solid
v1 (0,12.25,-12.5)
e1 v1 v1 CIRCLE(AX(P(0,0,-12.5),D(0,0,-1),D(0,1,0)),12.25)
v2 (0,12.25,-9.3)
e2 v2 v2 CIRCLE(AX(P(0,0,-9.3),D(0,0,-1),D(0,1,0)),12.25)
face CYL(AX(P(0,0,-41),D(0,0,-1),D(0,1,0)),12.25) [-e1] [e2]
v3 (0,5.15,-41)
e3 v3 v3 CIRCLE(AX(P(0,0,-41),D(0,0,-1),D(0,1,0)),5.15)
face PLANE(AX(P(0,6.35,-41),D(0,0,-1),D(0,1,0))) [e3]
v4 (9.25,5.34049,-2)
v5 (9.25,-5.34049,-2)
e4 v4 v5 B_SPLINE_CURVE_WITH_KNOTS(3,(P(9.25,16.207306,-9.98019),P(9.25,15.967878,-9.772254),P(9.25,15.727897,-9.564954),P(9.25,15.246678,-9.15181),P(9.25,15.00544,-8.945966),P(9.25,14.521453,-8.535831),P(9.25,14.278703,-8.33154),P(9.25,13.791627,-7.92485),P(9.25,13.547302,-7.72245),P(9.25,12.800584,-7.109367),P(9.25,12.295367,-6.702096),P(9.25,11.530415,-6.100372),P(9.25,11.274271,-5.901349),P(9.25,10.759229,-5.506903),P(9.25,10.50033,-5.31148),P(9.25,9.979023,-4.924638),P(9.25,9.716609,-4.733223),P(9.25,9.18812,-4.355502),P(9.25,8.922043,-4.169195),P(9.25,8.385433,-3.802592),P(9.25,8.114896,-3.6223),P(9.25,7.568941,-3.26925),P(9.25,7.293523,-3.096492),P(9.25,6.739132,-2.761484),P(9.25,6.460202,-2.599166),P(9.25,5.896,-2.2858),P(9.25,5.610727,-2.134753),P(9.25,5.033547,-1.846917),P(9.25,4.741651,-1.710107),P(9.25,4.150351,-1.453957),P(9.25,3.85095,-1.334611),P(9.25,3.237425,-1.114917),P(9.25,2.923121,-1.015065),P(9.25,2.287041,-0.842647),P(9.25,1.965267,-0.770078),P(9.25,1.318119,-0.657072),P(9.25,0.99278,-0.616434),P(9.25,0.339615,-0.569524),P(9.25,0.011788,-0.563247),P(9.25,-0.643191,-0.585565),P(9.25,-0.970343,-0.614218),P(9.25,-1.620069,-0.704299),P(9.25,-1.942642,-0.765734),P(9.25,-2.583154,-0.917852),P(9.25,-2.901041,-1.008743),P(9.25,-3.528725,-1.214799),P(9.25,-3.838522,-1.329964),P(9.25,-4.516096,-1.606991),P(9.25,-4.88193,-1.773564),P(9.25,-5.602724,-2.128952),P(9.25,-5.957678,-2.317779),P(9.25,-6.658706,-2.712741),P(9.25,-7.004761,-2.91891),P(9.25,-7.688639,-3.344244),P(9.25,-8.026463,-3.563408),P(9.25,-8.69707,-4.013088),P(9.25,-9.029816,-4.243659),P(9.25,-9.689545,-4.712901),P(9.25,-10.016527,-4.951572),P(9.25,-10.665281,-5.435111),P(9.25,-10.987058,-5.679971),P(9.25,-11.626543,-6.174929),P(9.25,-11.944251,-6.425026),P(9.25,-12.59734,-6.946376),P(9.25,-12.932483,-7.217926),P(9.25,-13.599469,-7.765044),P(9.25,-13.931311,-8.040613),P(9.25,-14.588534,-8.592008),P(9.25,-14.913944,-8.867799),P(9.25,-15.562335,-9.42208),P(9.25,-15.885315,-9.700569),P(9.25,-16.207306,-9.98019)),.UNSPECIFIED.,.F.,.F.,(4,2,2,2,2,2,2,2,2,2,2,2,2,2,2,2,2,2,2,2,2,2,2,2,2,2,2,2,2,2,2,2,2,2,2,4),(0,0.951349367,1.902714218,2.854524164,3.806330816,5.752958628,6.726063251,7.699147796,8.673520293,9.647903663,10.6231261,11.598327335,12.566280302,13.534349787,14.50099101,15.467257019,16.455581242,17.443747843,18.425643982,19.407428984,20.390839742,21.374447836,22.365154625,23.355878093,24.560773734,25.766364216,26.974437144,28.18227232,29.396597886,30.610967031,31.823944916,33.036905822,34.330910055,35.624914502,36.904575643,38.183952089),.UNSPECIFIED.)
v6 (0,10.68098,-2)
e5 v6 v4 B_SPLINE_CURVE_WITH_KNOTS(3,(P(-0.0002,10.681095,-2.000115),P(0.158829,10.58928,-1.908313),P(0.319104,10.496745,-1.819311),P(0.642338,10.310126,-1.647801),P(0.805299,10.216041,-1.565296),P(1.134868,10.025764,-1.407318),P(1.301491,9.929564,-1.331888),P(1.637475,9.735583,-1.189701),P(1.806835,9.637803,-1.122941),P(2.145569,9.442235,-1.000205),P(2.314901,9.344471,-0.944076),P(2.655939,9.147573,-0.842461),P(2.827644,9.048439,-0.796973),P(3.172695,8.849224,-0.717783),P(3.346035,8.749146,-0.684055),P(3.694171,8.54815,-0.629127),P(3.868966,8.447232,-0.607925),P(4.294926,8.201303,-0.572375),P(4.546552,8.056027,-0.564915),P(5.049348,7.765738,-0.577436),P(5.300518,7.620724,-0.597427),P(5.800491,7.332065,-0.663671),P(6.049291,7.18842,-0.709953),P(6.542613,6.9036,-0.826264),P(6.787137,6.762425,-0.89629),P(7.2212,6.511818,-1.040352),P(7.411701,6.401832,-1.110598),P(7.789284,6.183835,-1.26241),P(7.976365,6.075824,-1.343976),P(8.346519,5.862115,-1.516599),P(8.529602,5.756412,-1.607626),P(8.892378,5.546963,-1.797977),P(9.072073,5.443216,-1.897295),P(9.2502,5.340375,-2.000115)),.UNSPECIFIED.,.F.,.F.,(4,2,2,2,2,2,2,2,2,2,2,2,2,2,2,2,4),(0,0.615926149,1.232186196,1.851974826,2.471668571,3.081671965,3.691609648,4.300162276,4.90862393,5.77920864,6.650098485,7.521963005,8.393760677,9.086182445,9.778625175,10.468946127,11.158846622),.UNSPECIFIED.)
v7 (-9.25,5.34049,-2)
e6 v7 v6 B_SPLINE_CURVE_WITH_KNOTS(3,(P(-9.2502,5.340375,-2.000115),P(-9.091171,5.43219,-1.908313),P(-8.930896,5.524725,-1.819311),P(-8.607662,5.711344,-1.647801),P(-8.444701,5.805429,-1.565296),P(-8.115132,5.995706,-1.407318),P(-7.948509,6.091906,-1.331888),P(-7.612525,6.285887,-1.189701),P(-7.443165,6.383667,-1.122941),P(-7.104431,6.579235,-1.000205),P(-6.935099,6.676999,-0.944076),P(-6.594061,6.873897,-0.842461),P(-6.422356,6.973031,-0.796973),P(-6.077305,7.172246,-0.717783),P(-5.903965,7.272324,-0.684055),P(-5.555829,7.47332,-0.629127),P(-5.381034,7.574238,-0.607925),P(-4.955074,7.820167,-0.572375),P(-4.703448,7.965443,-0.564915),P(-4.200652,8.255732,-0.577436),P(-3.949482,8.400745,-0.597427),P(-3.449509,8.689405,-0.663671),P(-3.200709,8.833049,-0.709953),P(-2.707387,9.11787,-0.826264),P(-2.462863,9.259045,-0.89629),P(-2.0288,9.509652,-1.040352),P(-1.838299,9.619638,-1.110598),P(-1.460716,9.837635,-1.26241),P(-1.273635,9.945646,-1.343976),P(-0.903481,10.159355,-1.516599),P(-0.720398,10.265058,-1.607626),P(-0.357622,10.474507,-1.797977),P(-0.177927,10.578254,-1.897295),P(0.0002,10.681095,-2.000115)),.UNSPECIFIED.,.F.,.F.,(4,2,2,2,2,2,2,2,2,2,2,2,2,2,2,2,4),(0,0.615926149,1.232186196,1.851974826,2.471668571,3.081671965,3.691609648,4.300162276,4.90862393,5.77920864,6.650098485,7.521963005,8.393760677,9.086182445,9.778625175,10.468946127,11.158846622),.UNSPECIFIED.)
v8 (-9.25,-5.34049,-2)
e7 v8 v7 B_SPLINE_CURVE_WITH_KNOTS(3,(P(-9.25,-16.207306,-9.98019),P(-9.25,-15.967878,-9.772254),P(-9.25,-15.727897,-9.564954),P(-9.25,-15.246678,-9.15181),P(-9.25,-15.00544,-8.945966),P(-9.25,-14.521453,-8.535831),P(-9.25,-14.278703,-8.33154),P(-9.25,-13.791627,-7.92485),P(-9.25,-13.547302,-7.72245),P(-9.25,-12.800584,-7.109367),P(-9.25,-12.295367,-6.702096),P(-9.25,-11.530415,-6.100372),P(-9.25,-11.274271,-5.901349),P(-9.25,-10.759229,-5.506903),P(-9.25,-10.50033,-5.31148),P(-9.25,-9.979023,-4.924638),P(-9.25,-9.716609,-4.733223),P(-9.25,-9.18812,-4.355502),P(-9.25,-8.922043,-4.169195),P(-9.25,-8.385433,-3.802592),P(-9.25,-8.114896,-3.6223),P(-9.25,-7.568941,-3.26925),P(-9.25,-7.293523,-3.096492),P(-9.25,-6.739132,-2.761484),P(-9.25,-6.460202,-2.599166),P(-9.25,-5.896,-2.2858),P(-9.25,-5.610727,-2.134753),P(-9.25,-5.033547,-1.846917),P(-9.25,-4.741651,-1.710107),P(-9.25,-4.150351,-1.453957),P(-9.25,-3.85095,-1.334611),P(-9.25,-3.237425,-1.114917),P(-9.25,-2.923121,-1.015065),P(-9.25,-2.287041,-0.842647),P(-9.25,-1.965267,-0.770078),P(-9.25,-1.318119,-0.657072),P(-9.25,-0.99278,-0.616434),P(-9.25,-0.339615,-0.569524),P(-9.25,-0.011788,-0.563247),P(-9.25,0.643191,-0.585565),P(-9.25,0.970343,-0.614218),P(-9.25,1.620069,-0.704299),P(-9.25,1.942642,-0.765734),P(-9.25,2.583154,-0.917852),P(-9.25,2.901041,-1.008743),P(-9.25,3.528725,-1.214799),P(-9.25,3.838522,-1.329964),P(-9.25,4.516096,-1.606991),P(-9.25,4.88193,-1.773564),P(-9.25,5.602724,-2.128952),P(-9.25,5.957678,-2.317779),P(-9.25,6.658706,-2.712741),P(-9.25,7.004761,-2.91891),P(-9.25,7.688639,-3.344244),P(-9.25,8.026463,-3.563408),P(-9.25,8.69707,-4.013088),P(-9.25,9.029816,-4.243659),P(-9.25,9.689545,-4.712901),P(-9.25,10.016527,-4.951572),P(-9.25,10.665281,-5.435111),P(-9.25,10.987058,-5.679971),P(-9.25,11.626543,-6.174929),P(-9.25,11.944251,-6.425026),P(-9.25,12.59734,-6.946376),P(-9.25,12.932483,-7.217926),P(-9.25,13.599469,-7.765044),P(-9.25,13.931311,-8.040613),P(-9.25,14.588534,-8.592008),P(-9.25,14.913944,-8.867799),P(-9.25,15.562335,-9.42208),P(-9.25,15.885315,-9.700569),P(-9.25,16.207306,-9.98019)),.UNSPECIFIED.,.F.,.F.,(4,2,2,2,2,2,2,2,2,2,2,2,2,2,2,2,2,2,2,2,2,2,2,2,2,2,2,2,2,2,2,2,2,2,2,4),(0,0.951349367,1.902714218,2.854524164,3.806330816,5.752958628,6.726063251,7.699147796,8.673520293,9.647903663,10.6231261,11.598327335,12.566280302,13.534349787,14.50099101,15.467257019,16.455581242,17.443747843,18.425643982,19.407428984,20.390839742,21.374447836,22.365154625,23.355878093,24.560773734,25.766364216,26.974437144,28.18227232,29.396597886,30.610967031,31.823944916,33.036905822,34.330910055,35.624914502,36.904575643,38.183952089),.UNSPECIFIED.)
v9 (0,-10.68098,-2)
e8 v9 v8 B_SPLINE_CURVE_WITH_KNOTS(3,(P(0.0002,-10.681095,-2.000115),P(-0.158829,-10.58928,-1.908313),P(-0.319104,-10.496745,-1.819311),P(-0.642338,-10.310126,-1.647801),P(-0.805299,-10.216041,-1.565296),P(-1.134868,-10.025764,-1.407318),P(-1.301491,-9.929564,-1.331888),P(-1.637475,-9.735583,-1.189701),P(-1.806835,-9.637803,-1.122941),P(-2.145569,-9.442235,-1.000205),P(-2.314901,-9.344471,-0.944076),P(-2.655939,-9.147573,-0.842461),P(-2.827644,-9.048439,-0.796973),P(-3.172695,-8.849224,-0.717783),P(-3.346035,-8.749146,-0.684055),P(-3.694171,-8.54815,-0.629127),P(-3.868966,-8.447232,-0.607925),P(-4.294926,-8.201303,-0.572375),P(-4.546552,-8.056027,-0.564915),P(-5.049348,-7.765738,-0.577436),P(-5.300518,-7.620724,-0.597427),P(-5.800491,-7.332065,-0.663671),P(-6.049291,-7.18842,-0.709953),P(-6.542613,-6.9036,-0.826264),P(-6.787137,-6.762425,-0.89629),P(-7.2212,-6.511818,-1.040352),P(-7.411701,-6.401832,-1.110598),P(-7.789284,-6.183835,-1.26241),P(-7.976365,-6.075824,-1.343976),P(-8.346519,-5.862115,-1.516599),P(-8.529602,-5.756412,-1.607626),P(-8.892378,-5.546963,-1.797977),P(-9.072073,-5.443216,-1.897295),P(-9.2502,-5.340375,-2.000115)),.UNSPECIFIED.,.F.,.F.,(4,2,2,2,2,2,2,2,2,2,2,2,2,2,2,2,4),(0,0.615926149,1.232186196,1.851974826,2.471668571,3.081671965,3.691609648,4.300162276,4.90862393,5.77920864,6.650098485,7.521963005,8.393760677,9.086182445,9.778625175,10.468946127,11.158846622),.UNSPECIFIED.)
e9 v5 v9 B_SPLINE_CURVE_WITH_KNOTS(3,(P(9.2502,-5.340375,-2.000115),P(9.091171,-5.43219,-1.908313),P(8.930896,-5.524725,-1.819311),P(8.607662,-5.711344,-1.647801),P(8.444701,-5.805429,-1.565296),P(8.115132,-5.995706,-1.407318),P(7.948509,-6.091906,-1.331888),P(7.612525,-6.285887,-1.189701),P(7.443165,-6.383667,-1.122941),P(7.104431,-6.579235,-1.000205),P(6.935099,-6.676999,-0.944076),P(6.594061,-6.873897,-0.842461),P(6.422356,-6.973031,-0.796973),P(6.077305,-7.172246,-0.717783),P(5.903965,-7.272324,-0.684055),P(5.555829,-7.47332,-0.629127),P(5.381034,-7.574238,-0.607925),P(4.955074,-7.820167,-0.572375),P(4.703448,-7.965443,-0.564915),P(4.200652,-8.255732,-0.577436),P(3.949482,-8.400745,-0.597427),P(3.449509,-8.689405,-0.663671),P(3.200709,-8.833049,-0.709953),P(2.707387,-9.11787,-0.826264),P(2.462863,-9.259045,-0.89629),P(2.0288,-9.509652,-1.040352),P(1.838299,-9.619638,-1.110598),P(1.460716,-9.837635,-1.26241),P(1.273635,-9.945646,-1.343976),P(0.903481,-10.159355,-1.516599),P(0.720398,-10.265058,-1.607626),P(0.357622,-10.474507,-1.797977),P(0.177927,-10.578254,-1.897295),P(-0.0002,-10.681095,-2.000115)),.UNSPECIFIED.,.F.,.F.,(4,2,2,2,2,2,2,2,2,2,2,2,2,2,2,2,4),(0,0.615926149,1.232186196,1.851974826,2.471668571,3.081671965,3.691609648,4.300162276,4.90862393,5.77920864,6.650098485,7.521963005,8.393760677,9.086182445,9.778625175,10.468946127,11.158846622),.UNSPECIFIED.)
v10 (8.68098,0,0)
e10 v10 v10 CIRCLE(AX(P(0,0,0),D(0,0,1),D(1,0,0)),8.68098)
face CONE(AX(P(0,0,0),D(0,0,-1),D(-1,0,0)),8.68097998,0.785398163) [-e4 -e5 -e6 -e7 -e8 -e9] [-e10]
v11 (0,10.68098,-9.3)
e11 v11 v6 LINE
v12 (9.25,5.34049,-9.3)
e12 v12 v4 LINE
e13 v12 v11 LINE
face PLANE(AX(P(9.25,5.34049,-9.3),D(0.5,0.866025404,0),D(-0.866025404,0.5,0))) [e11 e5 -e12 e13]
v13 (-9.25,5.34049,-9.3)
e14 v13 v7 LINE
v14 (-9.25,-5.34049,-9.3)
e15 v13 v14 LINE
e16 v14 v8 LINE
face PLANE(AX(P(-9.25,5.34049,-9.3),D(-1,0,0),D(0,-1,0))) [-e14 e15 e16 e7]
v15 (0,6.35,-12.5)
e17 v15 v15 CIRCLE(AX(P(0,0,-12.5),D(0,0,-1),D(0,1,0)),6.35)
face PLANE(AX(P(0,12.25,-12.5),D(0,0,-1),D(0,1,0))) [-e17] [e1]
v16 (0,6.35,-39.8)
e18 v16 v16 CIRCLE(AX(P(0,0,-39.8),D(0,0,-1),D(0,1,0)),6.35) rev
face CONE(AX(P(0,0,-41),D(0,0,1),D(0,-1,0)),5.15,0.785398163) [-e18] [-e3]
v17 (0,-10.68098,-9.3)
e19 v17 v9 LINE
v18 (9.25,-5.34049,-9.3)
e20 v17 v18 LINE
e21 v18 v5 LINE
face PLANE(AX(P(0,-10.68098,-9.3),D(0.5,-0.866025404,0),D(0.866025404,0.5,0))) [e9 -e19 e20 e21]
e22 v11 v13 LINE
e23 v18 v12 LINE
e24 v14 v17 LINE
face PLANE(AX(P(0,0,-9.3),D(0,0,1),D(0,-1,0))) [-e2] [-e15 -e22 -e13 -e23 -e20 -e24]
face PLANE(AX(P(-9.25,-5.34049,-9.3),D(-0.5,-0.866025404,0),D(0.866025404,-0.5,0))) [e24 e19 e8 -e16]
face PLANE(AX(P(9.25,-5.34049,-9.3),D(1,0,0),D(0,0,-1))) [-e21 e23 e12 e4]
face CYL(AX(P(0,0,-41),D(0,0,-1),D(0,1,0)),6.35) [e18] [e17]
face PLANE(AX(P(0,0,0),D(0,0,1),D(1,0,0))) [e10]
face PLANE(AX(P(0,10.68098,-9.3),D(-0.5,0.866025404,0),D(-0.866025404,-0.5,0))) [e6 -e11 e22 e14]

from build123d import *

# Parameters (mm, degrees)
BOSS_EXTRUDE1_DEPTH = 9.3
CHAMFER1_SIZE       = 1.2


with BuildPart() as part:
    # Sketch1 → Boss-Extrude1 (new body)
    with BuildSketch(Plane.XY):
        Polygon((9.25, -5.34048999), (9.25, 5.34048999), (0, 10.68097998), (-9.25, 5.34048999), (-9.25, -5.34048999), (0, -10.68097998), align=None)
    extrude(amount=-BOSS_EXTRUDE1_DEPTH)

    # Sketch2 → Revolve1 (revolve)
    with BuildSketch(Plane(origin=(0, 0, 0), x_dir=(0, 0, -1), z_dir=(1, 0, 0))):
        Polygon((9.3, 12.25), (12.5, 12.25), (12.5, 6.35), (41, 6.35), (41, 0), (9.3, 0), align=None)
    revolve(axis=Axis((0, 0, -41), (0, 0, 1)))

    # Sketch3 → Cut-Revolve1 (revolve, cut)
    with BuildSketch(Plane(origin=(0, 0, 0), x_dir=(0, 0, -1), z_dir=(1, 0, 0)), mode=Mode.PRIVATE) as cut_revolve1_sk:
        Polygon((0, 8.68097998), (2, 10.68097998), (0, 10.68097998), align=None)
    revolve(cut_revolve1_sk.sketch.rotate(Axis((0, 0, 0), (0, 0, -1)), 300.000000037), axis=Axis((0, 0, 0), (0, 0, -1)), mode=Mode.SUBTRACT)

    # Chamfer1
    chamfer1_edges = [part.edges().sort_by_distance(p)[0] for p in [
        (0, -6.35, -41),
    ]]
    chamfer(chamfer1_edges, length=CHAMFER1_SIZE)


solid = part.part
